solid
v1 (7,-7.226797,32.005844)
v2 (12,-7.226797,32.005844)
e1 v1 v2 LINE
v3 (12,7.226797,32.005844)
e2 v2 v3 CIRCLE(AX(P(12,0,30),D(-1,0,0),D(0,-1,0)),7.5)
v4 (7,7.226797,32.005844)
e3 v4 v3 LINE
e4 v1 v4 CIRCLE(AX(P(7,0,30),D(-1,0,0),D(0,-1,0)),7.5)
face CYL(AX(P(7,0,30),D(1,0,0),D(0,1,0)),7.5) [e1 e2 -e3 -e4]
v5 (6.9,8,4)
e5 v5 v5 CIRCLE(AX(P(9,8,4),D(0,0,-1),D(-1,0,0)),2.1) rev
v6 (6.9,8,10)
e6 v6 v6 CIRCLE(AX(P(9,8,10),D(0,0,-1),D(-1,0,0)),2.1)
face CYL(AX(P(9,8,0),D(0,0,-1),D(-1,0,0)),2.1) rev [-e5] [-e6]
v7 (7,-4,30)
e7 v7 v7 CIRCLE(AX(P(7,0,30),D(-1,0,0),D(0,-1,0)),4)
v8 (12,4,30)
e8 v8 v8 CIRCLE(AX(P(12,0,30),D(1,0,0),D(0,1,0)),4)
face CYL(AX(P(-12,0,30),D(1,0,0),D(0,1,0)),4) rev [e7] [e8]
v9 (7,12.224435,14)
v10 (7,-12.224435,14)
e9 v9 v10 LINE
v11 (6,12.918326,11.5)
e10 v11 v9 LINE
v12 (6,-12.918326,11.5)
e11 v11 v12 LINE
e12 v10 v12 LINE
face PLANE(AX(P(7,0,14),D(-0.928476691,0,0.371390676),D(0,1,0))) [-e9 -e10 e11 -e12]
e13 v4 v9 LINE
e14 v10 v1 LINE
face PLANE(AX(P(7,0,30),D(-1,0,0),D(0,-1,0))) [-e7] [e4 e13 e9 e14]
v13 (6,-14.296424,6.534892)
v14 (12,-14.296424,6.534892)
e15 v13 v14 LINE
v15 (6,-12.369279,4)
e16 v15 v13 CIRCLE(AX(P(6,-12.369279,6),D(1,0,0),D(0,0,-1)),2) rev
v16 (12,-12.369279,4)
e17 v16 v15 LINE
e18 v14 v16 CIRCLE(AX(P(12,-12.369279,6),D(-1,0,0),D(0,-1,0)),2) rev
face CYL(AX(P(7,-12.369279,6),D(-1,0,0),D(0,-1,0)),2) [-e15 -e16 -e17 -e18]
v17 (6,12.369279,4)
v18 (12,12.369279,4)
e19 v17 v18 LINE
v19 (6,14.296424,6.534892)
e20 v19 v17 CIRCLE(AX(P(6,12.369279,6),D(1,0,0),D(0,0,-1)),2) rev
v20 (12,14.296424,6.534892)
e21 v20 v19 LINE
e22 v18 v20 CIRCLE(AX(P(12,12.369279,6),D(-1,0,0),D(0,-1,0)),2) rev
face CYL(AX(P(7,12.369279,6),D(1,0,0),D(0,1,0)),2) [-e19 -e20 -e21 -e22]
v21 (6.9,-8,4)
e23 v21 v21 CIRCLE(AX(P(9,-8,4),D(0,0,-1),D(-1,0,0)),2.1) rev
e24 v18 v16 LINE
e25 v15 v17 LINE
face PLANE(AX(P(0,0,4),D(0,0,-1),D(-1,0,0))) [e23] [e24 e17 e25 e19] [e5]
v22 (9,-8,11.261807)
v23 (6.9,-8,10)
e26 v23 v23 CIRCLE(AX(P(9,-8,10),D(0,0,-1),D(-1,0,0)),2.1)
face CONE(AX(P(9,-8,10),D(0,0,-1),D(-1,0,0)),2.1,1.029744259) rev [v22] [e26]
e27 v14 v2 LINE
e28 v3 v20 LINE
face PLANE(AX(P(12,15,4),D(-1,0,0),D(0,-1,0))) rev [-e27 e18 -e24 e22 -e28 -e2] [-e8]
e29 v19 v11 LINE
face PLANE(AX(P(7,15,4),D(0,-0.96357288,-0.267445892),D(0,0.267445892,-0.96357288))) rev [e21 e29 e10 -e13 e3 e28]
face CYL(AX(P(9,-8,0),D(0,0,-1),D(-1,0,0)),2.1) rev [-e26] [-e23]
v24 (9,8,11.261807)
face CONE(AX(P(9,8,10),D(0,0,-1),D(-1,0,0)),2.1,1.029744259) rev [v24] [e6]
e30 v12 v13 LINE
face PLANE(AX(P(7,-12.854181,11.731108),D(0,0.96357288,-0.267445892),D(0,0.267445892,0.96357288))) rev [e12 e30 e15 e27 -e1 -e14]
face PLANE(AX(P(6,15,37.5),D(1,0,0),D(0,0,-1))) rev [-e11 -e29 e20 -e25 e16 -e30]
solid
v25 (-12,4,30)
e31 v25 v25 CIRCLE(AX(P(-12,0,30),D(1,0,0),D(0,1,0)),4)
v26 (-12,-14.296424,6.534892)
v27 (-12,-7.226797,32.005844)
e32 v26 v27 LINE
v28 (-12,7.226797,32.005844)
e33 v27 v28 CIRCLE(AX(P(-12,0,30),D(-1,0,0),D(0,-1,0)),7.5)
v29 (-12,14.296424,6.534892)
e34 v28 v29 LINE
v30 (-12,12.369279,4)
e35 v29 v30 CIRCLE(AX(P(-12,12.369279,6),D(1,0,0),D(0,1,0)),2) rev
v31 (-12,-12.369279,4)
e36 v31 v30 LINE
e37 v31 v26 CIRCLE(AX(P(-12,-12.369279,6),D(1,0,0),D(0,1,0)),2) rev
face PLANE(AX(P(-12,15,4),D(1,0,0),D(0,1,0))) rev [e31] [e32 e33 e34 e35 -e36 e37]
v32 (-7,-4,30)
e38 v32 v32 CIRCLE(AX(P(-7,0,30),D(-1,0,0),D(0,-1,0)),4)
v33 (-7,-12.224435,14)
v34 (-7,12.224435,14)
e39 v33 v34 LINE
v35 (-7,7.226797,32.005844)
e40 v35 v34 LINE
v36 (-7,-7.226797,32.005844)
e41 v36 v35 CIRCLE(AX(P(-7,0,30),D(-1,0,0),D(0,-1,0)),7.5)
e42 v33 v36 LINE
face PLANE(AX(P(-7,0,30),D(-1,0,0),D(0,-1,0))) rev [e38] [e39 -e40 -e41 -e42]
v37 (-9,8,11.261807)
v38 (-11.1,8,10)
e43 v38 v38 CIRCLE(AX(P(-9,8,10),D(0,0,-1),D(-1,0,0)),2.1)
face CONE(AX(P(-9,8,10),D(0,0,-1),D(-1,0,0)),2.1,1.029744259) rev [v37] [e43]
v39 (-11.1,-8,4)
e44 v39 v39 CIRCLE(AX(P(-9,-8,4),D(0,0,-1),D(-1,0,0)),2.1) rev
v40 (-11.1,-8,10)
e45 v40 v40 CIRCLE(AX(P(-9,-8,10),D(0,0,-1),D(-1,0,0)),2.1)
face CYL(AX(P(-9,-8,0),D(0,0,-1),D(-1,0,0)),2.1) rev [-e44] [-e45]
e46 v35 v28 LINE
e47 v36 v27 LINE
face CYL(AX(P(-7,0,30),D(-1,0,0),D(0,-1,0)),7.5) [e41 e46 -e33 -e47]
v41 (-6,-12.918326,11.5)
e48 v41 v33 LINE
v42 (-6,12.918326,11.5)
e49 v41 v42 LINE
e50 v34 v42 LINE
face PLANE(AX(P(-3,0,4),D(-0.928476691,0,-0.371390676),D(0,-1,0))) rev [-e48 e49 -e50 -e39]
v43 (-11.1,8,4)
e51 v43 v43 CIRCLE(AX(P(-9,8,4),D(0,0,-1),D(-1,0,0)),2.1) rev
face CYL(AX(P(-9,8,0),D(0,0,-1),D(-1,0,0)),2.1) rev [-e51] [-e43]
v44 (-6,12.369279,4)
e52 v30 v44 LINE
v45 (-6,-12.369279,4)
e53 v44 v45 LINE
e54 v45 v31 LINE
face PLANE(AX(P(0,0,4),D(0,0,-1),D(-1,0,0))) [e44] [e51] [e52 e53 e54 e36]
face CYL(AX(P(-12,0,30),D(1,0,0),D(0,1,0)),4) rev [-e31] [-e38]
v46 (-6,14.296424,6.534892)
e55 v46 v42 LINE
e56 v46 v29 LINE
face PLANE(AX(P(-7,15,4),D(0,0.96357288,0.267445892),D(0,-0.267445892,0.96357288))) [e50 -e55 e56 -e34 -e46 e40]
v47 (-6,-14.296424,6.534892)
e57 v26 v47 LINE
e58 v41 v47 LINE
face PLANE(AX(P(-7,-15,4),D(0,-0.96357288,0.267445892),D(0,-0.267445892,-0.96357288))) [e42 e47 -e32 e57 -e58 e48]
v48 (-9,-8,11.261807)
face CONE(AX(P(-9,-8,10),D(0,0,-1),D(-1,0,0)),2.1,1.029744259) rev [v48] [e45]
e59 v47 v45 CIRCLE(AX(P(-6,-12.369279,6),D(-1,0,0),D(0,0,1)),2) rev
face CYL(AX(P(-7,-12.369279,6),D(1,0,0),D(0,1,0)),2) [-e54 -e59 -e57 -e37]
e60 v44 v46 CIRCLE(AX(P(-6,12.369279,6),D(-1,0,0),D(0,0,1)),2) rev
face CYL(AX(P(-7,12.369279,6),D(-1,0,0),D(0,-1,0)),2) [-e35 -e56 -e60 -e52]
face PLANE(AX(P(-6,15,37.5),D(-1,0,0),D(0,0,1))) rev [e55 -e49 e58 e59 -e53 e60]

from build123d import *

# Parameters (mm, degrees)
SKETCH_1_W             = 24
SKETCH_1_H             = 30
EXTRUDE_1_DEPTH        = 4
EXTRUDE_2_DEPTH        = 5
EXTRUDE_START          = -24
EXTRUDE_3_DEPTH        = 5
HOLE_WIZARD_M6_1_D     = 5
HOLE_WIZARD_M6_1_DEPTH = 5
SKETCH_13_R            = 4
CUT_EXTRUDE_1_DEPTH    = 25
CHAMFER_1_SIZE         = 4
CHAMFER_1_SIZE2        = 10
CHAMFER_2_SIZE         = 10
CHAMFER_2_SIZE2        = 4
HOLE_WIZARD_M5_1_D     = 4.2
HOLE_WIZARD_M5_1_DEPTH = 10
HOLE_WIZARD_M5_1_TIP   = 1.2618073
SKETCH_15_W            = 12
SKETCH_15_H            = 30
CUT_EXTRUDE_2_DEPTH    = 38.5
SKETCH_16_W            = 24
SKETCH_16_H            = 30
CUT_EXTRUDE_3_DEPTH    = 4
FILLET_1_R             = 2
FILLET_2_R             = 2


with BuildPart() as part:
    # 草图1 → 凸台-拉伸1 (new body)
    with BuildSketch(Plane.XY):
        Rectangle(SKETCH_1_W, SKETCH_1_H)
    extrude(amount=EXTRUDE_1_DEPTH)

    # 草图4 → 凸台-拉伸2 (add)
    with BuildSketch(Plane.ZY.offset(12)):
        with BuildLine():
            Line((4, 15), (32.005844192, 7.226796599))
            ThreePointArc((32.005844192, 7.226796599), (37.5, 0), (32.005844192, -7.226796599))
            Line((32.005844192, -7.226796599), (4, -15))
            Line((4, -15), (4, 15))
        make_face()
    extrude(amount=-EXTRUDE_2_DEPTH)

    # 草图4<2> → 凸台-拉伸3 (add)
    with BuildSketch(Plane.ZY.offset(12).offset(EXTRUDE_START)):
        with BuildLine():
            Line((4, 15), (32.005844192, 7.226796599))
            ThreePointArc((32.005844192, 7.226796599), (37.5, 0), (32.005844192, -7.226796599))
            Line((32.005844192, -7.226796599), (4, -15))
            Line((4, -15), (4, 15))
        make_face()
    extrude(amount=EXTRUDE_3_DEPTH)

    # M6 螺纹孔1
    with Locations(Plane(origin=(-12, 0, 30), x_dir=(0, -1, 0), z_dir=(-1, 0, 0))):
        with Locations((0, 0)):
            Hole(HOLE_WIZARD_M6_1_D / 2, depth=HOLE_WIZARD_M6_1_DEPTH)

    # 草图13 → 切除-拉伸1 (cut, through all)
    with BuildSketch(Plane(origin=(12, 0, 0), x_dir=(0, 0, -1), z_dir=(1, 0, 0))):
        with Locations((-30, 0)):
            Circle(SKETCH_13_R)
    extrude(amount=-CUT_EXTRUDE_1_DEPTH, mode=Mode.SUBTRACT)

    # 倒角1
    chamfer_1_edges = [part.edges().sort_by_distance(p)[0] for p in [
        (7, 0, 4),
    ]]
    chamfer_1_side = [part.faces().sort_by_distance(p)[0] for p in [
        (0, 0, 4),
    ]]
    chamfer(chamfer_1_edges, length=CHAMFER_1_SIZE, length2=CHAMFER_1_SIZE2, reference=chamfer_1_side[0])

    # 倒角2
    chamfer_2_edges = [part.edges().sort_by_distance(p)[0] for p in [
        (-7, 0, 4),
    ]]
    chamfer_2_side = [part.faces().sort_by_distance(p)[0] for p in [
        (-7, 0, 16.950170632),
    ]]
    chamfer(chamfer_2_edges, length=CHAMFER_2_SIZE, length2=CHAMFER_2_SIZE2, reference=chamfer_2_side[0])

    # M5 螺纹孔1
    with Locations(Plane(origin=(0, 0, 0), x_dir=(-1, 0, 0), z_dir=(0, 0, -1))):
        with Locations((-9, 8), (9, 8), (9, -8), (-9, -8)):
            Hole(HOLE_WIZARD_M5_1_D / 2, depth=HOLE_WIZARD_M5_1_DEPTH)
            with Locations((0, 0, -(HOLE_WIZARD_M5_1_DEPTH + HOLE_WIZARD_M5_1_TIP / 2))):  # 118° drill point
                Cone(0, HOLE_WIZARD_M5_1_D / 2, HOLE_WIZARD_M5_1_TIP, mode=Mode.SUBTRACT)

    # 草图15 → 切除-拉伸2 (cut, through all)
    with BuildSketch(Plane(origin=(0, 0, 0), x_dir=(-1, 0, 0), z_dir=(0, 0, -1))):
        Rectangle(SKETCH_15_W, SKETCH_15_H)
    extrude(amount=-CUT_EXTRUDE_2_DEPTH, mode=Mode.SUBTRACT)

    # 草图16 → 切除-拉伸3 (cut)
    with BuildSketch(Plane(origin=(0, 0, 0), x_dir=(-1, 0, 0), z_dir=(0, 0, -1))):
        Rectangle(SKETCH_16_W, SKETCH_16_H)
    extrude(amount=-CUT_EXTRUDE_3_DEPTH, mode=Mode.SUBTRACT)

    # 圆角1
    fillet_1_edges = [part.edges().sort_by_distance(p)[0] for p in [
        (-9, 15, 4),
        (-9, -15, 4),
    ]]
    fillet(fillet_1_edges, radius=FILLET_1_R)

    # 圆角2
    fillet_2_edges = [part.edges().sort_by_distance(p)[0] for p in [
        (9, -15, 4),
        (9, 15, 4),
    ]]
    fillet(fillet_2_edges, radius=FILLET_2_R)


solid = part.part
